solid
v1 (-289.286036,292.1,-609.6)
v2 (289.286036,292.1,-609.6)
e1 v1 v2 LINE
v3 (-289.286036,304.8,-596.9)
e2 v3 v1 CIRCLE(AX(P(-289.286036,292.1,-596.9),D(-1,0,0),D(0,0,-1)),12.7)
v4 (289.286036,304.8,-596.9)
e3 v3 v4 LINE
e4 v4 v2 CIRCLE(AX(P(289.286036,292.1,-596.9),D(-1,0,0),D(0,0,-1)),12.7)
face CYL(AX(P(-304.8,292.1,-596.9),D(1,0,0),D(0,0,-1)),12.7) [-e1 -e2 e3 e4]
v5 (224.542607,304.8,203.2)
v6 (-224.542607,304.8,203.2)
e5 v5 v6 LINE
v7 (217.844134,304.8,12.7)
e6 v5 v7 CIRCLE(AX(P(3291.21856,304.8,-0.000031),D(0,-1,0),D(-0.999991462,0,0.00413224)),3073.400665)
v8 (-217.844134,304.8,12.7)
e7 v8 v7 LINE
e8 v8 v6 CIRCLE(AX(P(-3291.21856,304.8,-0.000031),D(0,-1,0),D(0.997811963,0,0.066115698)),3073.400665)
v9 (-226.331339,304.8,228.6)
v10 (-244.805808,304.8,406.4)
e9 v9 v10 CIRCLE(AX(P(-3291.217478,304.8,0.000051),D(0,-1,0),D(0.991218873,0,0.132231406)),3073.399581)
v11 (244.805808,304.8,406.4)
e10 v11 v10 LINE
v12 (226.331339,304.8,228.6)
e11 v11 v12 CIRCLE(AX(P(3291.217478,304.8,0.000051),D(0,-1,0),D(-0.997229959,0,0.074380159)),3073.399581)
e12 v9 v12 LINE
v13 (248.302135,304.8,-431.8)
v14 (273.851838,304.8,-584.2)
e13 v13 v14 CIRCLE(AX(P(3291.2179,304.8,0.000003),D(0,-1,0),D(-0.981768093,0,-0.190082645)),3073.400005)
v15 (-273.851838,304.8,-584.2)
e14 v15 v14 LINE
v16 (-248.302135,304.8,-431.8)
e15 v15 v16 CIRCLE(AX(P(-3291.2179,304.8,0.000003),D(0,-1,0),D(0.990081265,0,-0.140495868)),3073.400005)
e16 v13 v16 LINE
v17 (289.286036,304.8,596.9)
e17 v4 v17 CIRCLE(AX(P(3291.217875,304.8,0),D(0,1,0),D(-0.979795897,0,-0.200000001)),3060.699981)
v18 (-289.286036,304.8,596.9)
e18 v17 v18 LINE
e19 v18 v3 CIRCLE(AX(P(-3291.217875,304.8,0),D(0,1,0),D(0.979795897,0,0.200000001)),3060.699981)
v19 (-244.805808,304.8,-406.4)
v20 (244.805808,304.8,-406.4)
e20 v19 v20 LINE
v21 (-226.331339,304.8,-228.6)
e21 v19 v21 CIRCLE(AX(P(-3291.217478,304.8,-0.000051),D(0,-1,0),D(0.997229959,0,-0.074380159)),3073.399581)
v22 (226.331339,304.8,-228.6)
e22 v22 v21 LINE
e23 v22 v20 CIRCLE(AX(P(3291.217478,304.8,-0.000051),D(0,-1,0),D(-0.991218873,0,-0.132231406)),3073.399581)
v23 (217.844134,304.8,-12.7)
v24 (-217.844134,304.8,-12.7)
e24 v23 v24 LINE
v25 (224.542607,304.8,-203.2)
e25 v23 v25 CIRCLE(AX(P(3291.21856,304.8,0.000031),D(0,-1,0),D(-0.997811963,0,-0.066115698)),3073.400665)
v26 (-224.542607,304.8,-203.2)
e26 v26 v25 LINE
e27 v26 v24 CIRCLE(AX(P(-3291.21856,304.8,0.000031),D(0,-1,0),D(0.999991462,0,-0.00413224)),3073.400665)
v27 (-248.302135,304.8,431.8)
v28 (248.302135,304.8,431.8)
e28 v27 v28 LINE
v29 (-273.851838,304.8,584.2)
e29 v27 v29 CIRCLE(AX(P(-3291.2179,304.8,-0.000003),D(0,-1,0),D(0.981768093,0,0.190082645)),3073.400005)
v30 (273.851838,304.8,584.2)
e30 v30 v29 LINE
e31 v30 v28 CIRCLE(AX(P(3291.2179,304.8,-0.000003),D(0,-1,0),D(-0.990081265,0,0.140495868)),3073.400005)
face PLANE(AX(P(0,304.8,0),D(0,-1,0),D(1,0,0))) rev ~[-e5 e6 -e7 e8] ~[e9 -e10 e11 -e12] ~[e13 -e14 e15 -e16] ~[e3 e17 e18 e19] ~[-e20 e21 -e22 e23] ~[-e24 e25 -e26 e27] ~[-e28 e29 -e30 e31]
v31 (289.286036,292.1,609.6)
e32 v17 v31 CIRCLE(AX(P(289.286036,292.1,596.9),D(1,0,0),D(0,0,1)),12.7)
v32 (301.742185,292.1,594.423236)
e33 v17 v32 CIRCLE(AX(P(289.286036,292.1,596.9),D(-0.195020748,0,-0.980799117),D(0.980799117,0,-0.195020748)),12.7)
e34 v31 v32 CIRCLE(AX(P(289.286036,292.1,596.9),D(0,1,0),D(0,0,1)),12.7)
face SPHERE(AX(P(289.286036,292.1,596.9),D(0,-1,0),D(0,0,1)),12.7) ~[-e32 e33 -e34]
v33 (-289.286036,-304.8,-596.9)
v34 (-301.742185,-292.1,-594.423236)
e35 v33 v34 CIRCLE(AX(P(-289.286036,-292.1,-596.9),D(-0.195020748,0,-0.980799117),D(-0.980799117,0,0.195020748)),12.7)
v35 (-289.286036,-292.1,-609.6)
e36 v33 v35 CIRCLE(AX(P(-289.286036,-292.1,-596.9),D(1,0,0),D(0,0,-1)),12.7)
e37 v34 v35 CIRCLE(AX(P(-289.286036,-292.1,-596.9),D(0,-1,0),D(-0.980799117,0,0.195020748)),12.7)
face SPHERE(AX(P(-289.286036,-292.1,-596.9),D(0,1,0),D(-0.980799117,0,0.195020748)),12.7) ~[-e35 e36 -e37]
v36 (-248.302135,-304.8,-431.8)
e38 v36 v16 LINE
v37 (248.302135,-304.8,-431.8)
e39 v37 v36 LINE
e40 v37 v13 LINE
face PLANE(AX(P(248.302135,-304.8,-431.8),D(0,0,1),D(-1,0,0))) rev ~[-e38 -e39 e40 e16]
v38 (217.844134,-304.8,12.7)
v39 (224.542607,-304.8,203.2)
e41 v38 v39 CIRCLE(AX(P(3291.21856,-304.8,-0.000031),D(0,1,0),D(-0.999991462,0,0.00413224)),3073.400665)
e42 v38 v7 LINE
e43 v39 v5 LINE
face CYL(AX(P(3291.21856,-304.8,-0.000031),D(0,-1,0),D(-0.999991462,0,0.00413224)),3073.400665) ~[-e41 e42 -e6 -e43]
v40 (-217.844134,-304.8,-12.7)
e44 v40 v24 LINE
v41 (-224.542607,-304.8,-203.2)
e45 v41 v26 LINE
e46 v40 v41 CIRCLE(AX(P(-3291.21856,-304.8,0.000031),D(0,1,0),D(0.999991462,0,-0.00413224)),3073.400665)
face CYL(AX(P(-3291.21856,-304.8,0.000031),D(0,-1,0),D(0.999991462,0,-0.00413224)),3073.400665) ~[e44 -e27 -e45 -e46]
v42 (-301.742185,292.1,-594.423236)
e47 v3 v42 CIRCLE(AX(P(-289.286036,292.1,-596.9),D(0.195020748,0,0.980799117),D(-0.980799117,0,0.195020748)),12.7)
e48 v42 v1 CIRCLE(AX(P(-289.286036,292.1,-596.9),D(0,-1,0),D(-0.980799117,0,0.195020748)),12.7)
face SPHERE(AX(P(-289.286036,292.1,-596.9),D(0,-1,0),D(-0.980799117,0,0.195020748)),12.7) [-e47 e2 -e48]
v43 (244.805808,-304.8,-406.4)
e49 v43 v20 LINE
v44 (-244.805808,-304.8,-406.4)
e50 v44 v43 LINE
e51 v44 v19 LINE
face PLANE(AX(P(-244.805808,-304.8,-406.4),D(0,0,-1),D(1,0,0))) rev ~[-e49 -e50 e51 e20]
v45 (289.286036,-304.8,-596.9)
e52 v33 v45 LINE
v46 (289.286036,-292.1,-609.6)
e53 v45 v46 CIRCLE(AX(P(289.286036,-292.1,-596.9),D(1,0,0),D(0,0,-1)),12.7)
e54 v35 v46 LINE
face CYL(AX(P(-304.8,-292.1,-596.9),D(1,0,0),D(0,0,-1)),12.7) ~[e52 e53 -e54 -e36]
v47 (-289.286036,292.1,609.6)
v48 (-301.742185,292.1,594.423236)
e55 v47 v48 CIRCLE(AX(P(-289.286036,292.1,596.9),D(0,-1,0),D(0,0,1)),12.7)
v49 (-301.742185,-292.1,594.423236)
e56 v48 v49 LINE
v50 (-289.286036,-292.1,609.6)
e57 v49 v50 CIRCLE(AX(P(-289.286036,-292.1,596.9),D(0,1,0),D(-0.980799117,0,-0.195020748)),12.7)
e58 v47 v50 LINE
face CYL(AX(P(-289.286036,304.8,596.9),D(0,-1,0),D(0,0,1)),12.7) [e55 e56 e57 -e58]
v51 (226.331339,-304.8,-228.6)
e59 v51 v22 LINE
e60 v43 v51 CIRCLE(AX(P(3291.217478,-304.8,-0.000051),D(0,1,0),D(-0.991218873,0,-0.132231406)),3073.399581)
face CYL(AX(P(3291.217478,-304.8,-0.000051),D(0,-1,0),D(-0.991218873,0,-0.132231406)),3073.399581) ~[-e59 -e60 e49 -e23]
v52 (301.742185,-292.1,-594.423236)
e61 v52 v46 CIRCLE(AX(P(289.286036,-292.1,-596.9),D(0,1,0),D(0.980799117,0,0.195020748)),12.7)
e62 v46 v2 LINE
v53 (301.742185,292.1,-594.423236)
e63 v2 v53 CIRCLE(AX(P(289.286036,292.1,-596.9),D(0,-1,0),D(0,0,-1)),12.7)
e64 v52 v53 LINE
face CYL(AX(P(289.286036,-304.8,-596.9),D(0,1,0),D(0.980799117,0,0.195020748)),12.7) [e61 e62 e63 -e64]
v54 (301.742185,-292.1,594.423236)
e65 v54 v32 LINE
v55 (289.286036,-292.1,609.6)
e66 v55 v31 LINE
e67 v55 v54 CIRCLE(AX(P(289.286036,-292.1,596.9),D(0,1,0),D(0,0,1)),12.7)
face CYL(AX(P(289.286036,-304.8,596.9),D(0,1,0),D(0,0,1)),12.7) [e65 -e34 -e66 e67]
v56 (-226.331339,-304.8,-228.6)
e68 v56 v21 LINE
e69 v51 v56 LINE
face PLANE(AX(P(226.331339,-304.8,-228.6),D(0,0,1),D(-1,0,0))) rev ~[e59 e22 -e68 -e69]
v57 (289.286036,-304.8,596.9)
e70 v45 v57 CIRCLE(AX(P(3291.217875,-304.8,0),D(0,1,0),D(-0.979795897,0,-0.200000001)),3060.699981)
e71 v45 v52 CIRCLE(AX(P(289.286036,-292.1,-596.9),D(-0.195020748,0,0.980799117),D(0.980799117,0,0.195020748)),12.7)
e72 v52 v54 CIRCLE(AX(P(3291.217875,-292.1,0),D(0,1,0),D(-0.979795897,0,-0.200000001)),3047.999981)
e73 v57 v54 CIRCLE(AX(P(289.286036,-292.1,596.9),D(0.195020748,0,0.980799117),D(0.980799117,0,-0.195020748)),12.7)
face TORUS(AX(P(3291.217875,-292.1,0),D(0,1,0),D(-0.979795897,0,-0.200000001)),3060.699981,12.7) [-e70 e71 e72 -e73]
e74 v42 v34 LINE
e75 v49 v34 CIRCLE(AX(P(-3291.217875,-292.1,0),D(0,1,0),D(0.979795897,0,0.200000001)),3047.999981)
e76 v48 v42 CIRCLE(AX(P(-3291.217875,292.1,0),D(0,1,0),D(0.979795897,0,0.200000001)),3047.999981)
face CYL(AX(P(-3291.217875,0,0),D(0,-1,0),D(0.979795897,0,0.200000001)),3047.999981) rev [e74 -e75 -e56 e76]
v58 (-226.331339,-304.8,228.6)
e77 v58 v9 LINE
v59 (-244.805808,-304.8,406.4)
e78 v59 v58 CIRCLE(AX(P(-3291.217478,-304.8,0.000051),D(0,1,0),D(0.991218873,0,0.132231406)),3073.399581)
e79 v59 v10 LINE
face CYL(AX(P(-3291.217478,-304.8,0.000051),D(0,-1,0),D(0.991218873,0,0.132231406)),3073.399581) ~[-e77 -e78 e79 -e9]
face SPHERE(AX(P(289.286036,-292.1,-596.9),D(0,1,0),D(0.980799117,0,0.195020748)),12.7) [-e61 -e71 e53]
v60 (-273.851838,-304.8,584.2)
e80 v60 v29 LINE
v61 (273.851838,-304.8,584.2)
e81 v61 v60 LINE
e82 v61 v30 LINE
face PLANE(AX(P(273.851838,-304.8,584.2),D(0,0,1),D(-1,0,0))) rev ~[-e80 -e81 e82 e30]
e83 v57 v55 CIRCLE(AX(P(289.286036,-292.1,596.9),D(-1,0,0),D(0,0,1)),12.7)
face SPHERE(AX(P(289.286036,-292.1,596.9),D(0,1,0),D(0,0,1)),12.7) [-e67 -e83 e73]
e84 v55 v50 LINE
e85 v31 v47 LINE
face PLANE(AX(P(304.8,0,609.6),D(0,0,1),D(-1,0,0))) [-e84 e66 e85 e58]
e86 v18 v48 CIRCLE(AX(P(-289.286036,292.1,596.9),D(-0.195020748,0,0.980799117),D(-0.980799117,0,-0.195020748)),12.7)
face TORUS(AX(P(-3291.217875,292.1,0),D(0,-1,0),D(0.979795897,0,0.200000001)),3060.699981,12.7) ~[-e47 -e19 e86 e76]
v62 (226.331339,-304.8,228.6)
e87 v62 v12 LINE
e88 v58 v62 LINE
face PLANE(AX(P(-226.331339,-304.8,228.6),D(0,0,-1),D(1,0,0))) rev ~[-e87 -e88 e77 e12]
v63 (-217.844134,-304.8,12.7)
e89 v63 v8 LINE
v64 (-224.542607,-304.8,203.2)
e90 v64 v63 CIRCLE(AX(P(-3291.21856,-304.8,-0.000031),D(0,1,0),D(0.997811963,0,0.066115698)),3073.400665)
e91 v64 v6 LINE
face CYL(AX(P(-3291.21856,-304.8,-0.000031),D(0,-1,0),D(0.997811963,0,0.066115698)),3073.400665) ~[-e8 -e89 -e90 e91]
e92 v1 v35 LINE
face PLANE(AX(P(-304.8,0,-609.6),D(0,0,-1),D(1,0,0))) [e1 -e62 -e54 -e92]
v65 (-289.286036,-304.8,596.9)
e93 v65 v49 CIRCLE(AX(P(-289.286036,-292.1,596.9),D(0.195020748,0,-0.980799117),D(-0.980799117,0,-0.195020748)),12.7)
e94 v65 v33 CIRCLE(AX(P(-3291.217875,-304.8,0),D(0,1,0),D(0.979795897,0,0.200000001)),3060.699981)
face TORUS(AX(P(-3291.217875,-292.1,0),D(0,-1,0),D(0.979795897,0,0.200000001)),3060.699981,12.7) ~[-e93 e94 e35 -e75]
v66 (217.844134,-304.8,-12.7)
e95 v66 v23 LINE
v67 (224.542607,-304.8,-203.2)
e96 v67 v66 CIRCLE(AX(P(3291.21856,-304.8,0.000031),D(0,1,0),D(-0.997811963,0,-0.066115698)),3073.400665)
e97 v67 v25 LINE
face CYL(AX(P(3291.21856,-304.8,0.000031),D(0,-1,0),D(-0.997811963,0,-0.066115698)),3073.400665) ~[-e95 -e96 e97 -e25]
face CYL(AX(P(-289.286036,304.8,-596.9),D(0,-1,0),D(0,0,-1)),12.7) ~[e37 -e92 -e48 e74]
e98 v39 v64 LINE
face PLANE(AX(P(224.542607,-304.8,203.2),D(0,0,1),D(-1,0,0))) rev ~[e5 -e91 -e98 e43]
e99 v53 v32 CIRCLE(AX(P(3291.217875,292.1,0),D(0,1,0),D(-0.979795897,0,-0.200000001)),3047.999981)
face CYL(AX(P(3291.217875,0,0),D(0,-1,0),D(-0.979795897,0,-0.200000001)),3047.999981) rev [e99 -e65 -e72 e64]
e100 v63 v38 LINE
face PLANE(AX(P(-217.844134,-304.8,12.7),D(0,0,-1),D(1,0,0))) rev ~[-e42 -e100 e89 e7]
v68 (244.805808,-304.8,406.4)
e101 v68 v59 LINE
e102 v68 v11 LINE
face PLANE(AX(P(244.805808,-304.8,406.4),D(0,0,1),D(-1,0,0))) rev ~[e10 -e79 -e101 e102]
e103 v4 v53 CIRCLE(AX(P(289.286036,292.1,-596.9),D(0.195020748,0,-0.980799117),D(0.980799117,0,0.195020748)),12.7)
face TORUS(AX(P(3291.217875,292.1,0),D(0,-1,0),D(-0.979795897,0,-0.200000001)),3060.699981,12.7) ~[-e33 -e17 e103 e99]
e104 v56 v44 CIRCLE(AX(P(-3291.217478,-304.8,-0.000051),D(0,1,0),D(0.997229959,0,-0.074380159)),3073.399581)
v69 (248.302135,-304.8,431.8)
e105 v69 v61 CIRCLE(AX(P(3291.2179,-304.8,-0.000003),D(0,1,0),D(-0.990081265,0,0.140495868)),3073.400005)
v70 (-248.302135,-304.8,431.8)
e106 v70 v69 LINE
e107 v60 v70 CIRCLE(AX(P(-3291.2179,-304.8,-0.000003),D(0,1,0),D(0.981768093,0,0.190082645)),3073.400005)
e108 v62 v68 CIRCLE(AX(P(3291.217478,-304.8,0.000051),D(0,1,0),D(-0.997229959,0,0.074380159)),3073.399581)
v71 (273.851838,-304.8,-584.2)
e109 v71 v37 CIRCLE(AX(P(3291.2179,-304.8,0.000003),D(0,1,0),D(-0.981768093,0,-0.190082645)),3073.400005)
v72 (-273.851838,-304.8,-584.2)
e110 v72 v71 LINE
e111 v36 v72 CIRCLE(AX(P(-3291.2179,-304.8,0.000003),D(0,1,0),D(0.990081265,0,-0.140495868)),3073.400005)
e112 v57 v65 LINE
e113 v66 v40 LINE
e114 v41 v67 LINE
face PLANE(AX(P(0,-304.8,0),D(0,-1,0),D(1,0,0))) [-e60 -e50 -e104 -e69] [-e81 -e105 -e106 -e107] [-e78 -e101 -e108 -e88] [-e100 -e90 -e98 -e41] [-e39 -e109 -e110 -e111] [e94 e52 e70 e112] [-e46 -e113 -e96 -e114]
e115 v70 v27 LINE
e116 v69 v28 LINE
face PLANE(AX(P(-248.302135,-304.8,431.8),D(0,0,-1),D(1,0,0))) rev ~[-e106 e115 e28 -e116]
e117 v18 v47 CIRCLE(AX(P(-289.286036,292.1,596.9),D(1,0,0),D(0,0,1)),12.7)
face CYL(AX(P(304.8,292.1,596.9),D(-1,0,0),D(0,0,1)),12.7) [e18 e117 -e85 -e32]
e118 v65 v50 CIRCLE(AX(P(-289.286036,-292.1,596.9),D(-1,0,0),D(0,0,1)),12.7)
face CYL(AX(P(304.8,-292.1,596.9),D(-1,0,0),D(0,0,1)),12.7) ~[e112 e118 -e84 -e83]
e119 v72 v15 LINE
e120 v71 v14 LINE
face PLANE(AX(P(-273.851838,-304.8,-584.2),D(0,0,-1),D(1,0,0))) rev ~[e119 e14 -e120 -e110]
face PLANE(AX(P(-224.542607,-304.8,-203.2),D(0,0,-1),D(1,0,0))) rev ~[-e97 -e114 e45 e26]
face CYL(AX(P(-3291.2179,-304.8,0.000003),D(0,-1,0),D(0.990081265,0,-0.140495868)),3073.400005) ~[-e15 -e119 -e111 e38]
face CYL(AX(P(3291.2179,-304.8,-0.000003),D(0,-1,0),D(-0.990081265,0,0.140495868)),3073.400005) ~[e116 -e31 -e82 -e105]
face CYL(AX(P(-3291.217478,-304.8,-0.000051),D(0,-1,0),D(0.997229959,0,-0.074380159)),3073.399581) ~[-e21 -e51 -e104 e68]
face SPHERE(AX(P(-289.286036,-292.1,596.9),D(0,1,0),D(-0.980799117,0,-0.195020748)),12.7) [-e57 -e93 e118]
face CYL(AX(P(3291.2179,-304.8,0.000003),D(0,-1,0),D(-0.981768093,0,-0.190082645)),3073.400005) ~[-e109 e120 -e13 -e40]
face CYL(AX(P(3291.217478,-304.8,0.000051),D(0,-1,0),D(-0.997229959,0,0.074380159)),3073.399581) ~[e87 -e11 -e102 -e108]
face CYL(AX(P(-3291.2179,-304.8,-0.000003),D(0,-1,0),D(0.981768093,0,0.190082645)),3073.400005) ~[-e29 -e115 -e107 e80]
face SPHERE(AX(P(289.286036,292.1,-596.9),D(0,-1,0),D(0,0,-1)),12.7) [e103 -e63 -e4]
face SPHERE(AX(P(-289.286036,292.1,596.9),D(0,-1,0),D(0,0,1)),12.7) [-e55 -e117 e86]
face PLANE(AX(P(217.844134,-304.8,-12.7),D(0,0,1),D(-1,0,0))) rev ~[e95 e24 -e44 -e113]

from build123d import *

# Parameters (mm, degrees)
F1_DEPTH = 304.8
F2_R     = 12.7
F4_DEPTH = 609.601


with BuildPart() as f1:
    # F0 (on Front) → F1 (new body, symmetric)
    with BuildSketch(Plane.XZ):
        with BuildLine():
            Line((304.8, 609.6), (-304.8, 609.6))
            ThreePointArc((-304.8, 609.6), (-243.217894, 0), (-304.8, -609.6))
            Line((-304.8, -609.6), (304.8, -609.6))
            ThreePointArc((304.8, -609.6), (243.217894, 0), (304.8, 609.6))
        make_face()
    extrude(amount=F1_DEPTH, both=True)

    # F2
    f2_edges = [f1.edges().sort_by_distance(p)[0] for p in [
        (304.8, 0, 609.6),
        (0, -304.8, 609.6),
        (-304.8, 0, 609.6),
        (0, 304.8, 609.6),
        (0, -304.8, -609.6),
        (304.8, 0, -609.6),
        (0, 304.8, -609.6),
        (-304.8, 0, -609.6),
        (243.217894, -304.8, 0),
        (-243.217894, -304.8, 0),
        (243.217894, 304.8, 0),
        (-243.217894, 304.8, 0),
    ]]
    fillet(f2_edges, radius=F2_R)

    # F3 (on face) → F4 (cut, through all)
    with BuildSketch(Plane.XZ.offset(304.8)):
        with BuildLine():
            ThreePointArc((248.302135, 431.8), (260.119024, 508.160601), (273.851838, 584.2))
            Line((273.851838, 584.2), (-273.851838, 584.2))
            ThreePointArc((-273.851838, 584.2), (-260.119024, 508.160601), (-248.302135, 431.8))
            Line((-248.302135, 431.8), (248.302135, 431.8))
        make_face()
        with BuildLine():
            ThreePointArc((273.851838, -584.2), (260.119024, -508.160601), (248.302135, -431.8))
            Line((248.302135, -431.8), (-248.302135, -431.8))
            ThreePointArc((-248.302135, -431.8), (-260.119024, -508.160601), (-273.851838, -584.2))
            Line((-273.851838, -584.2), (273.851838, -584.2))
        make_face()
        with BuildLine():
            ThreePointArc((244.805808, -406.4), (234.275634, -317.634344), (226.331339, -228.6))
            Line((226.331339, -228.6), (-226.331339, -228.6))
            ThreePointArc((-226.331339, -228.6), (-234.275634, -317.634344), (-244.805808, -406.4))
            Line((-244.805808, -406.4), (244.805808, -406.4))
        make_face()
        with BuildLine():
            ThreePointArc((224.542607, -203.2), (219.716122, -108.001944), (217.844134, -12.7))
            Line((217.844134, -12.7), (-217.844134, -12.7))
            ThreePointArc((-217.844134, -12.7), (-219.716122, -108.001944), (-224.542607, -203.2))
            Line((-224.542607, -203.2), (224.542607, -203.2))
        make_face()
        with BuildLine():
            ThreePointArc((217.844134, 12.7), (219.716122, 108.001944), (224.542607, 203.2))
            Line((224.542607, 203.2), (-224.542607, 203.2))
            ThreePointArc((-224.542607, 203.2), (-219.716122, 108.001944), (-217.844134, 12.7))
            Line((-217.844134, 12.7), (217.844134, 12.7))
        make_face()
        with BuildLine():
            ThreePointArc((226.331339, 228.6), (234.275634, 317.634344), (244.805808, 406.4))
            Line((244.805808, 406.4), (-244.805808, 406.4))
            ThreePointArc((-244.805808, 406.4), (-234.275634, 317.634344), (-226.331339, 228.6))
            Line((-226.331339, 228.6), (226.331339, 228.6))
        make_face()
    extrude(amount=-F4_DEPTH, mode=Mode.SUBTRACT)


solid = f1.part
